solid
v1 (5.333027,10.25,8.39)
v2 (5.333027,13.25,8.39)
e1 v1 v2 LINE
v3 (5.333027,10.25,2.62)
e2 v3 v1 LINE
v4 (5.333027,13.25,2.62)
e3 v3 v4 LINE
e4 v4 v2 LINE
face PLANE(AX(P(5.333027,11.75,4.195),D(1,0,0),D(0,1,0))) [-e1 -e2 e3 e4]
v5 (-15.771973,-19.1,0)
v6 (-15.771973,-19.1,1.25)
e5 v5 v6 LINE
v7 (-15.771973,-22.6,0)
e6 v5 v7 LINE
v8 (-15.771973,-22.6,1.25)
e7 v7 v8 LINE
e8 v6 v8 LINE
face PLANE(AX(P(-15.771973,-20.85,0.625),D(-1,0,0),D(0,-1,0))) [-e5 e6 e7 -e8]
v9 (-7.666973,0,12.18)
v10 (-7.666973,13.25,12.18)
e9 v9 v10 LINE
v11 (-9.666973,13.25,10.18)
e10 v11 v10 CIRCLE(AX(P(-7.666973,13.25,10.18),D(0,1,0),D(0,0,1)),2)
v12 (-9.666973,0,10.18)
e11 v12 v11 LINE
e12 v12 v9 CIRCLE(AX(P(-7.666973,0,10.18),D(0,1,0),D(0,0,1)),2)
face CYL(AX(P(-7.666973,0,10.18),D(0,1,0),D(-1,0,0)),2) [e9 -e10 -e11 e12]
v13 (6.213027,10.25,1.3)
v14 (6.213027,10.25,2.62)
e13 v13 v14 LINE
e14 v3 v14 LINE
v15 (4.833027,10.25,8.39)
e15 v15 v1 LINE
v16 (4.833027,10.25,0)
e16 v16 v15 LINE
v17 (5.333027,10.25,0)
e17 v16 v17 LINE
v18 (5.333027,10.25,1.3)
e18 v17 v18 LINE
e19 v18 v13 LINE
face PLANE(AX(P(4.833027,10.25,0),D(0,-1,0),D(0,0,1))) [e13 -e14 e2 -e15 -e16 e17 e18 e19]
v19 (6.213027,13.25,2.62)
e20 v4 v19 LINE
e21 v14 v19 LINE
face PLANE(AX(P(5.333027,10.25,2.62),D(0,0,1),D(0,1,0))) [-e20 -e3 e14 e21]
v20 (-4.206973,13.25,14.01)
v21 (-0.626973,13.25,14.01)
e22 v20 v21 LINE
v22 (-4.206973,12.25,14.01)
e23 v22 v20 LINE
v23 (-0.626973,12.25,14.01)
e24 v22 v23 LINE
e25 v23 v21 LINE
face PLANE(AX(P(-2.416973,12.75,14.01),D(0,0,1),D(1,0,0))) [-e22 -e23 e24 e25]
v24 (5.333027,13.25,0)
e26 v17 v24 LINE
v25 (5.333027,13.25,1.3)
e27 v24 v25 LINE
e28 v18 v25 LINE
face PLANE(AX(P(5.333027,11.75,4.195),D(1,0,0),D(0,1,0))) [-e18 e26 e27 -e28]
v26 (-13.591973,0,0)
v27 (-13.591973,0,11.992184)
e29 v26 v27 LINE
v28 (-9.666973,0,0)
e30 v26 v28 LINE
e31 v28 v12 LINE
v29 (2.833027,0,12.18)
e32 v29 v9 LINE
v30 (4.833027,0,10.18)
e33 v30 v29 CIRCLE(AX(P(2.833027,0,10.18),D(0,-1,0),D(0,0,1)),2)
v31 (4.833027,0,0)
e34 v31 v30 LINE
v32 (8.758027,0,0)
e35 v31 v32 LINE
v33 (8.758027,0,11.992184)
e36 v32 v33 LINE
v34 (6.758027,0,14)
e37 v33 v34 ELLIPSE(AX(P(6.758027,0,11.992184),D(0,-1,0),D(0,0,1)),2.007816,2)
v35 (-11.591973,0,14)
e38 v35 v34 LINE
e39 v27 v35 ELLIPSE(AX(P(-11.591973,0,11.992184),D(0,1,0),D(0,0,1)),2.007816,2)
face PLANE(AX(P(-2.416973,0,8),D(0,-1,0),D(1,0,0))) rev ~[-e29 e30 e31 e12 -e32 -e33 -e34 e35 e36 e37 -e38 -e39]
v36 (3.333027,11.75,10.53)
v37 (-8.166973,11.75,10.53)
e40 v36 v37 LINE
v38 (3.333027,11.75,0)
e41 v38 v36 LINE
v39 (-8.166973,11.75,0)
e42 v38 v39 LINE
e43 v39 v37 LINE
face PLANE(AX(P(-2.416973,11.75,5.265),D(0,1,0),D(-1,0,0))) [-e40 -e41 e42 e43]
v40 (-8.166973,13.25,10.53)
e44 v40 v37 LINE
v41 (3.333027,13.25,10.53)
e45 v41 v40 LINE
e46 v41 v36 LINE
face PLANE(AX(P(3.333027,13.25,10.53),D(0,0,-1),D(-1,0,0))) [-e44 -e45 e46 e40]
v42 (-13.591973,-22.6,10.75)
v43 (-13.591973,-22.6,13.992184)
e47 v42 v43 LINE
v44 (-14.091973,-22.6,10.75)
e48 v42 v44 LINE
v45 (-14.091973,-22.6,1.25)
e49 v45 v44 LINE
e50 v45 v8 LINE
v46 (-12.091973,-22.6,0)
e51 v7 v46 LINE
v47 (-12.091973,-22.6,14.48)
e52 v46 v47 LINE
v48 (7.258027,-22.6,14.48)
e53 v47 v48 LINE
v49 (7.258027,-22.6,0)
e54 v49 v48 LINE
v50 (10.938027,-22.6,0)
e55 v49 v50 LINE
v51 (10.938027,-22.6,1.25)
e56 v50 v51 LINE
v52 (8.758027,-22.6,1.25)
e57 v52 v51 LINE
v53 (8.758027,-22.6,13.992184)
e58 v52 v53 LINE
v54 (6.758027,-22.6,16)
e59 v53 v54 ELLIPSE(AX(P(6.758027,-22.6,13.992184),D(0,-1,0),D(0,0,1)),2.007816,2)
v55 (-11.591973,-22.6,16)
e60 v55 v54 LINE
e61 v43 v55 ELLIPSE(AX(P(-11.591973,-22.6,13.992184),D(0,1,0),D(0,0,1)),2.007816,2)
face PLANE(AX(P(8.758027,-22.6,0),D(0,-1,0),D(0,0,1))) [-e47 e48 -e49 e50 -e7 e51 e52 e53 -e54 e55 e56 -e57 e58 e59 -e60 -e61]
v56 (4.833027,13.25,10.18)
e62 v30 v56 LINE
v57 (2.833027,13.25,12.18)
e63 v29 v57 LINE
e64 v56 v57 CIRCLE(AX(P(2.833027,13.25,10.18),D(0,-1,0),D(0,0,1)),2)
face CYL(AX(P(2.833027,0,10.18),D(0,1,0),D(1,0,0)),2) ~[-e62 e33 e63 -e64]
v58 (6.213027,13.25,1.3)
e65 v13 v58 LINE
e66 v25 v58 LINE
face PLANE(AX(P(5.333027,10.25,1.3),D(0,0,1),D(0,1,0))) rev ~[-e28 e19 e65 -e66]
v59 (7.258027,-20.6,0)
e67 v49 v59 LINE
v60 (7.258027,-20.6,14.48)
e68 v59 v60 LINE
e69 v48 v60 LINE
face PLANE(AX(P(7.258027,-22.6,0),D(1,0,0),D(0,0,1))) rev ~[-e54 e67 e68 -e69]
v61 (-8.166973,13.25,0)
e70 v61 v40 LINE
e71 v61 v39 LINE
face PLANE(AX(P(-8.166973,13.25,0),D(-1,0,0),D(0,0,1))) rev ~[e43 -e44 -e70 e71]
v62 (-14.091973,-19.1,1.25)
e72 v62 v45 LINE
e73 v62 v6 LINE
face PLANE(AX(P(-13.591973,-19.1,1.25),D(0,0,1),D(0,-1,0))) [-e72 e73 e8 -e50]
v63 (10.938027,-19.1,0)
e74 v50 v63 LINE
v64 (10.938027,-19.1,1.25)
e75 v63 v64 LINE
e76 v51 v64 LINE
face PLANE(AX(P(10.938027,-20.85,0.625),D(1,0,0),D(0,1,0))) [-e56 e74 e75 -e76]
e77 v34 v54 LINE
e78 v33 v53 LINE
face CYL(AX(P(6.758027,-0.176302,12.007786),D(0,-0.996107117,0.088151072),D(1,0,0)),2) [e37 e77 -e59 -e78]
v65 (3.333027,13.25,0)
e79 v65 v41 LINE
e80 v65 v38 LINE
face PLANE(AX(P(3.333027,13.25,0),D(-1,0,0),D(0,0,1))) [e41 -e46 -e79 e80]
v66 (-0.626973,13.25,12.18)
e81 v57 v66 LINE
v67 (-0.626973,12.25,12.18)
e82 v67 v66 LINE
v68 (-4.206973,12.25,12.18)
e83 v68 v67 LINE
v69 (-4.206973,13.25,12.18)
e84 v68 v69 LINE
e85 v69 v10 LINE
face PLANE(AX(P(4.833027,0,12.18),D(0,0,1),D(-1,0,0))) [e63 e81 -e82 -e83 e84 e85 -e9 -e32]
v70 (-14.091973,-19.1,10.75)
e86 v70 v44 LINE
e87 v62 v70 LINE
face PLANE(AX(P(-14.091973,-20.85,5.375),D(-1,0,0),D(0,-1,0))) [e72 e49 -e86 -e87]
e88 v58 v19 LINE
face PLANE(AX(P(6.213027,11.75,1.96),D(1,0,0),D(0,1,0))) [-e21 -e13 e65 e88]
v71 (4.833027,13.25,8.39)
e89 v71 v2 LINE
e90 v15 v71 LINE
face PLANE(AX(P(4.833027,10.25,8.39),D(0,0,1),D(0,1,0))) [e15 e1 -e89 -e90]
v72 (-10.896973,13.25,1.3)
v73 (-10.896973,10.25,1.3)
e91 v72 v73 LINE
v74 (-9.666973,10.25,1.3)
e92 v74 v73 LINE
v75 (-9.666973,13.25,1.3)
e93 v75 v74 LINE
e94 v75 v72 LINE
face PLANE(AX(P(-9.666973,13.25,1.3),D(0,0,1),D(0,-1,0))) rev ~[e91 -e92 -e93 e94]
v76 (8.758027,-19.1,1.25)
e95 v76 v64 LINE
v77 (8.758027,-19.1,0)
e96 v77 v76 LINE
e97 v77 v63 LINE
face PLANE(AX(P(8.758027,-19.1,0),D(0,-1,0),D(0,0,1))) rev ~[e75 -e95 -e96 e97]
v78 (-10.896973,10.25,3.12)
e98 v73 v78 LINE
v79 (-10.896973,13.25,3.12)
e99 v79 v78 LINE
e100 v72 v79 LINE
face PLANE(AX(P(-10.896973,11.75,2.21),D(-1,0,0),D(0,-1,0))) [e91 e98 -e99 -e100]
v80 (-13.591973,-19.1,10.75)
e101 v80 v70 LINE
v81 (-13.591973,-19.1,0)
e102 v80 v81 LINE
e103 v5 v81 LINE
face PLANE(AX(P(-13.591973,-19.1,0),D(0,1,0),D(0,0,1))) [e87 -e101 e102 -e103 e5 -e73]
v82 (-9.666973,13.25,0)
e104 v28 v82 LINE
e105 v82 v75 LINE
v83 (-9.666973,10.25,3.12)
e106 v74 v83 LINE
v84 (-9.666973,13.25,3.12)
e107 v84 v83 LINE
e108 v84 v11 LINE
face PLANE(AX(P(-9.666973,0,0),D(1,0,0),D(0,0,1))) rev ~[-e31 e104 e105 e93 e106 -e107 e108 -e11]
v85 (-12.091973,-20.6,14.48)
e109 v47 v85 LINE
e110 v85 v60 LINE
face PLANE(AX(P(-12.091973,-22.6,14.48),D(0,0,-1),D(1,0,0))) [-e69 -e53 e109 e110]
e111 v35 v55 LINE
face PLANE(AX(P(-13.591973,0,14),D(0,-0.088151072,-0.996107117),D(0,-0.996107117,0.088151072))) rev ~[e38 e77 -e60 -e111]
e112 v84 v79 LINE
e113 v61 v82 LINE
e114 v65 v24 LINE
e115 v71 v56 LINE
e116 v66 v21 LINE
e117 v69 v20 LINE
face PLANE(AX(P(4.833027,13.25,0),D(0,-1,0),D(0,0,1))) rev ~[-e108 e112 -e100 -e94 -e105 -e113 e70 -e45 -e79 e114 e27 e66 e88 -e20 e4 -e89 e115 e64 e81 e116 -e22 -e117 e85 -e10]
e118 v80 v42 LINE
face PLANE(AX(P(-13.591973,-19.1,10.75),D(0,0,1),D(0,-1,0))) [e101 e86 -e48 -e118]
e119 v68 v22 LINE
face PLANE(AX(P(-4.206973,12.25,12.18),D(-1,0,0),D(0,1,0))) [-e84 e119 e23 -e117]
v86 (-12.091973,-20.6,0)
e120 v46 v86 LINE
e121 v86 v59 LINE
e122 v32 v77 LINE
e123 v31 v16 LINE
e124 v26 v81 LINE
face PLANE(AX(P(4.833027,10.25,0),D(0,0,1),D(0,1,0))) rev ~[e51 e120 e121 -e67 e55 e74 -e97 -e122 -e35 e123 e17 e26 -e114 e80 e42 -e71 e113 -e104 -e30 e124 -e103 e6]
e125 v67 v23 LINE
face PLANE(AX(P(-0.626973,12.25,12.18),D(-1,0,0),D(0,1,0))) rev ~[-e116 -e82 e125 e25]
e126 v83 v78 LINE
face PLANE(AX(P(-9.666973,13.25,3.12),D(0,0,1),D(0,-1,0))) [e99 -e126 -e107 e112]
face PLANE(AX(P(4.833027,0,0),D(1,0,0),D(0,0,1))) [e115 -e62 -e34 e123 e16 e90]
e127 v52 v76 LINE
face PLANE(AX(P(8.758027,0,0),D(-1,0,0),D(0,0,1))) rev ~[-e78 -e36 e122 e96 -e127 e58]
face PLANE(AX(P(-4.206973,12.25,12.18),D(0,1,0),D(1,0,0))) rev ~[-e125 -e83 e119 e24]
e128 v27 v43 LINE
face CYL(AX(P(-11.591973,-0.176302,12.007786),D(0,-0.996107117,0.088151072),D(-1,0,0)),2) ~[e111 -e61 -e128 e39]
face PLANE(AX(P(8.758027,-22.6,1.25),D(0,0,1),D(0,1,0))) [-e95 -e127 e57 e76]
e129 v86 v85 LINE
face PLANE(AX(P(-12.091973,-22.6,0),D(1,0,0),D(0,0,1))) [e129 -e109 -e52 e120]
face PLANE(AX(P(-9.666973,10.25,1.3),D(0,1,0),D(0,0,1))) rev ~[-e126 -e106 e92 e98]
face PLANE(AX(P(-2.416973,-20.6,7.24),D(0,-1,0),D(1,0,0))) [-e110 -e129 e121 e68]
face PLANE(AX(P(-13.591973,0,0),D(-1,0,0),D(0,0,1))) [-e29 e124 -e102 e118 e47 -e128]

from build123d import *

# Parameters (mm, degrees)
F0_W      = 22.35
F0_H      = 16
F1_DEPTH  = 22.6
F2_W      = 19.35
F2_H      = 14.48
F3_DEPTH  = 2
F5_DEPTH  = 25
F6_W      = 3.5
F6_H      = 1.25
F7_DEPTH  = 2.18
F8_W      = 3.5
F8_H      = 1.25
F9_DEPTH  = 2.18
F10_W     = 3.5
F10_H     = 10.75
F11_DEPTH = 0.5
F12_W     = 14.5
F12_H     = 12.18
F13_DEPTH = 13.25
F14_W     = 11.5
F14_H     = 10.53
F15_DEPTH = 1.5
F16_W     = 3.58
F16_H     = 1
F17_DEPTH = 1.83
F18_W     = 3
F18_H     = 8.39
F19_DEPTH = 0.5
F20_W     = 3
F20_H     = 1.32
F21_DEPTH = 0.88
F22_W     = 3
F22_H     = 1.82
F23_DEPTH = 1.23
F24_R     = 2


with BuildPart() as f1:
    # F0 (on Front) → F1 (new body)
    with BuildSketch(Plane.XZ):
        with Locations((-2.416973, 8)):
            Rectangle(F0_W, F0_H)
    extrude(amount=F1_DEPTH)

    # F2 (on face) → F3 (cut)
    with BuildSketch(Plane.XZ.offset(22.6)):
        with Locations((-2.416973, 7.24)):
            Rectangle(F2_W, F2_H)
    extrude(amount=-F3_DEPTH, mode=Mode.SUBTRACT)

    # F4 (on face) → F5 (cut)
    with BuildSketch(Plane(origin=(-13.591973, 0, 0), x_dir=(0, -1, 0), z_dir=(-1, 0, 0))):
        Polygon((0, 16), (0, 14), (22.6, 16), align=None)
    extrude(amount=-F5_DEPTH, mode=Mode.SUBTRACT)

    # F6 (on face) → F7 (join)
    with BuildSketch(Plane(origin=(-13.591973, 0, 0), x_dir=(0, -1, 0), z_dir=(-1, 0, 0))):
        with Locations((20.85, 0.625)):
            Rectangle(F6_W, F6_H)
    extrude(amount=F7_DEPTH)

    # F8 (on face) → F9 (join)
    with BuildSketch(Plane.YZ.offset(8.758027)):
        with Locations((-20.85, 0.625)):
            Rectangle(F8_W, F8_H)
    extrude(amount=F9_DEPTH)

    # F10 (on face) → F11 (join)
    with BuildSketch(Plane(origin=(-13.591973, 0, 0), x_dir=(0, -1, 0), z_dir=(-1, 0, 0))):
        with Locations((20.85, 5.375)):
            Rectangle(F10_W, F10_H)
    extrude(amount=F11_DEPTH)

    # F12 (on face) → F13 (join)
    with BuildSketch(Plane(origin=(0, 0, 0), x_dir=(-1, 0, 0), z_dir=(0, 1, 0))):
        with Locations((2.416973, 6.09)):
            Rectangle(F12_W, F12_H)
    extrude(amount=F13_DEPTH)

    # F14 (on face) → F15 (cut)
    with BuildSketch(Plane(origin=(0, 13.25, 0), x_dir=(-1, 0, 0), z_dir=(0, 1, 0))):
        with Locations((2.416973, 5.265)):
            Rectangle(F14_W, F14_H)
    extrude(amount=-F15_DEPTH, mode=Mode.SUBTRACT)

    # F16 (on face) → F17 (join)
    with BuildSketch(Plane.XY.offset(12.18)):
        with Locations((-2.416973, 12.75)):
            Rectangle(F16_W, F16_H)
    extrude(amount=F17_DEPTH)

    # F18 (on face) → F19 (join)
    with BuildSketch(Plane.YZ.offset(4.833027)):
        with Locations((11.75, 4.195)):
            Rectangle(F18_W, F18_H)
    extrude(amount=F19_DEPTH)

    # F20 (on face) → F21 (join)
    with BuildSketch(Plane.YZ.offset(5.333027)):
        with Locations((11.75, 1.96)):
            Rectangle(F20_W, F20_H)
    extrude(amount=F21_DEPTH)

    # F22 (on face) → F23 (join)
    with BuildSketch(Plane(origin=(-9.666973, 0, 0), x_dir=(0, -1, 0), z_dir=(-1, 0, 0))):
        with Locations((-11.75, 2.21)):
            Rectangle(F22_W, F22_H)
    extrude(amount=F23_DEPTH)

    # F24
    f24_edges = [f1.edges().sort_by_distance(p)[0] for p in [
        (-13.591973, -11.3, 15),
        (8.758027, -11.3, 15),
        (4.833027, 6.625, 12.18),
        (-9.666973, 6.625, 12.18),
    ]]
    fillet(f24_edges, radius=F24_R)


solid = f1.part
